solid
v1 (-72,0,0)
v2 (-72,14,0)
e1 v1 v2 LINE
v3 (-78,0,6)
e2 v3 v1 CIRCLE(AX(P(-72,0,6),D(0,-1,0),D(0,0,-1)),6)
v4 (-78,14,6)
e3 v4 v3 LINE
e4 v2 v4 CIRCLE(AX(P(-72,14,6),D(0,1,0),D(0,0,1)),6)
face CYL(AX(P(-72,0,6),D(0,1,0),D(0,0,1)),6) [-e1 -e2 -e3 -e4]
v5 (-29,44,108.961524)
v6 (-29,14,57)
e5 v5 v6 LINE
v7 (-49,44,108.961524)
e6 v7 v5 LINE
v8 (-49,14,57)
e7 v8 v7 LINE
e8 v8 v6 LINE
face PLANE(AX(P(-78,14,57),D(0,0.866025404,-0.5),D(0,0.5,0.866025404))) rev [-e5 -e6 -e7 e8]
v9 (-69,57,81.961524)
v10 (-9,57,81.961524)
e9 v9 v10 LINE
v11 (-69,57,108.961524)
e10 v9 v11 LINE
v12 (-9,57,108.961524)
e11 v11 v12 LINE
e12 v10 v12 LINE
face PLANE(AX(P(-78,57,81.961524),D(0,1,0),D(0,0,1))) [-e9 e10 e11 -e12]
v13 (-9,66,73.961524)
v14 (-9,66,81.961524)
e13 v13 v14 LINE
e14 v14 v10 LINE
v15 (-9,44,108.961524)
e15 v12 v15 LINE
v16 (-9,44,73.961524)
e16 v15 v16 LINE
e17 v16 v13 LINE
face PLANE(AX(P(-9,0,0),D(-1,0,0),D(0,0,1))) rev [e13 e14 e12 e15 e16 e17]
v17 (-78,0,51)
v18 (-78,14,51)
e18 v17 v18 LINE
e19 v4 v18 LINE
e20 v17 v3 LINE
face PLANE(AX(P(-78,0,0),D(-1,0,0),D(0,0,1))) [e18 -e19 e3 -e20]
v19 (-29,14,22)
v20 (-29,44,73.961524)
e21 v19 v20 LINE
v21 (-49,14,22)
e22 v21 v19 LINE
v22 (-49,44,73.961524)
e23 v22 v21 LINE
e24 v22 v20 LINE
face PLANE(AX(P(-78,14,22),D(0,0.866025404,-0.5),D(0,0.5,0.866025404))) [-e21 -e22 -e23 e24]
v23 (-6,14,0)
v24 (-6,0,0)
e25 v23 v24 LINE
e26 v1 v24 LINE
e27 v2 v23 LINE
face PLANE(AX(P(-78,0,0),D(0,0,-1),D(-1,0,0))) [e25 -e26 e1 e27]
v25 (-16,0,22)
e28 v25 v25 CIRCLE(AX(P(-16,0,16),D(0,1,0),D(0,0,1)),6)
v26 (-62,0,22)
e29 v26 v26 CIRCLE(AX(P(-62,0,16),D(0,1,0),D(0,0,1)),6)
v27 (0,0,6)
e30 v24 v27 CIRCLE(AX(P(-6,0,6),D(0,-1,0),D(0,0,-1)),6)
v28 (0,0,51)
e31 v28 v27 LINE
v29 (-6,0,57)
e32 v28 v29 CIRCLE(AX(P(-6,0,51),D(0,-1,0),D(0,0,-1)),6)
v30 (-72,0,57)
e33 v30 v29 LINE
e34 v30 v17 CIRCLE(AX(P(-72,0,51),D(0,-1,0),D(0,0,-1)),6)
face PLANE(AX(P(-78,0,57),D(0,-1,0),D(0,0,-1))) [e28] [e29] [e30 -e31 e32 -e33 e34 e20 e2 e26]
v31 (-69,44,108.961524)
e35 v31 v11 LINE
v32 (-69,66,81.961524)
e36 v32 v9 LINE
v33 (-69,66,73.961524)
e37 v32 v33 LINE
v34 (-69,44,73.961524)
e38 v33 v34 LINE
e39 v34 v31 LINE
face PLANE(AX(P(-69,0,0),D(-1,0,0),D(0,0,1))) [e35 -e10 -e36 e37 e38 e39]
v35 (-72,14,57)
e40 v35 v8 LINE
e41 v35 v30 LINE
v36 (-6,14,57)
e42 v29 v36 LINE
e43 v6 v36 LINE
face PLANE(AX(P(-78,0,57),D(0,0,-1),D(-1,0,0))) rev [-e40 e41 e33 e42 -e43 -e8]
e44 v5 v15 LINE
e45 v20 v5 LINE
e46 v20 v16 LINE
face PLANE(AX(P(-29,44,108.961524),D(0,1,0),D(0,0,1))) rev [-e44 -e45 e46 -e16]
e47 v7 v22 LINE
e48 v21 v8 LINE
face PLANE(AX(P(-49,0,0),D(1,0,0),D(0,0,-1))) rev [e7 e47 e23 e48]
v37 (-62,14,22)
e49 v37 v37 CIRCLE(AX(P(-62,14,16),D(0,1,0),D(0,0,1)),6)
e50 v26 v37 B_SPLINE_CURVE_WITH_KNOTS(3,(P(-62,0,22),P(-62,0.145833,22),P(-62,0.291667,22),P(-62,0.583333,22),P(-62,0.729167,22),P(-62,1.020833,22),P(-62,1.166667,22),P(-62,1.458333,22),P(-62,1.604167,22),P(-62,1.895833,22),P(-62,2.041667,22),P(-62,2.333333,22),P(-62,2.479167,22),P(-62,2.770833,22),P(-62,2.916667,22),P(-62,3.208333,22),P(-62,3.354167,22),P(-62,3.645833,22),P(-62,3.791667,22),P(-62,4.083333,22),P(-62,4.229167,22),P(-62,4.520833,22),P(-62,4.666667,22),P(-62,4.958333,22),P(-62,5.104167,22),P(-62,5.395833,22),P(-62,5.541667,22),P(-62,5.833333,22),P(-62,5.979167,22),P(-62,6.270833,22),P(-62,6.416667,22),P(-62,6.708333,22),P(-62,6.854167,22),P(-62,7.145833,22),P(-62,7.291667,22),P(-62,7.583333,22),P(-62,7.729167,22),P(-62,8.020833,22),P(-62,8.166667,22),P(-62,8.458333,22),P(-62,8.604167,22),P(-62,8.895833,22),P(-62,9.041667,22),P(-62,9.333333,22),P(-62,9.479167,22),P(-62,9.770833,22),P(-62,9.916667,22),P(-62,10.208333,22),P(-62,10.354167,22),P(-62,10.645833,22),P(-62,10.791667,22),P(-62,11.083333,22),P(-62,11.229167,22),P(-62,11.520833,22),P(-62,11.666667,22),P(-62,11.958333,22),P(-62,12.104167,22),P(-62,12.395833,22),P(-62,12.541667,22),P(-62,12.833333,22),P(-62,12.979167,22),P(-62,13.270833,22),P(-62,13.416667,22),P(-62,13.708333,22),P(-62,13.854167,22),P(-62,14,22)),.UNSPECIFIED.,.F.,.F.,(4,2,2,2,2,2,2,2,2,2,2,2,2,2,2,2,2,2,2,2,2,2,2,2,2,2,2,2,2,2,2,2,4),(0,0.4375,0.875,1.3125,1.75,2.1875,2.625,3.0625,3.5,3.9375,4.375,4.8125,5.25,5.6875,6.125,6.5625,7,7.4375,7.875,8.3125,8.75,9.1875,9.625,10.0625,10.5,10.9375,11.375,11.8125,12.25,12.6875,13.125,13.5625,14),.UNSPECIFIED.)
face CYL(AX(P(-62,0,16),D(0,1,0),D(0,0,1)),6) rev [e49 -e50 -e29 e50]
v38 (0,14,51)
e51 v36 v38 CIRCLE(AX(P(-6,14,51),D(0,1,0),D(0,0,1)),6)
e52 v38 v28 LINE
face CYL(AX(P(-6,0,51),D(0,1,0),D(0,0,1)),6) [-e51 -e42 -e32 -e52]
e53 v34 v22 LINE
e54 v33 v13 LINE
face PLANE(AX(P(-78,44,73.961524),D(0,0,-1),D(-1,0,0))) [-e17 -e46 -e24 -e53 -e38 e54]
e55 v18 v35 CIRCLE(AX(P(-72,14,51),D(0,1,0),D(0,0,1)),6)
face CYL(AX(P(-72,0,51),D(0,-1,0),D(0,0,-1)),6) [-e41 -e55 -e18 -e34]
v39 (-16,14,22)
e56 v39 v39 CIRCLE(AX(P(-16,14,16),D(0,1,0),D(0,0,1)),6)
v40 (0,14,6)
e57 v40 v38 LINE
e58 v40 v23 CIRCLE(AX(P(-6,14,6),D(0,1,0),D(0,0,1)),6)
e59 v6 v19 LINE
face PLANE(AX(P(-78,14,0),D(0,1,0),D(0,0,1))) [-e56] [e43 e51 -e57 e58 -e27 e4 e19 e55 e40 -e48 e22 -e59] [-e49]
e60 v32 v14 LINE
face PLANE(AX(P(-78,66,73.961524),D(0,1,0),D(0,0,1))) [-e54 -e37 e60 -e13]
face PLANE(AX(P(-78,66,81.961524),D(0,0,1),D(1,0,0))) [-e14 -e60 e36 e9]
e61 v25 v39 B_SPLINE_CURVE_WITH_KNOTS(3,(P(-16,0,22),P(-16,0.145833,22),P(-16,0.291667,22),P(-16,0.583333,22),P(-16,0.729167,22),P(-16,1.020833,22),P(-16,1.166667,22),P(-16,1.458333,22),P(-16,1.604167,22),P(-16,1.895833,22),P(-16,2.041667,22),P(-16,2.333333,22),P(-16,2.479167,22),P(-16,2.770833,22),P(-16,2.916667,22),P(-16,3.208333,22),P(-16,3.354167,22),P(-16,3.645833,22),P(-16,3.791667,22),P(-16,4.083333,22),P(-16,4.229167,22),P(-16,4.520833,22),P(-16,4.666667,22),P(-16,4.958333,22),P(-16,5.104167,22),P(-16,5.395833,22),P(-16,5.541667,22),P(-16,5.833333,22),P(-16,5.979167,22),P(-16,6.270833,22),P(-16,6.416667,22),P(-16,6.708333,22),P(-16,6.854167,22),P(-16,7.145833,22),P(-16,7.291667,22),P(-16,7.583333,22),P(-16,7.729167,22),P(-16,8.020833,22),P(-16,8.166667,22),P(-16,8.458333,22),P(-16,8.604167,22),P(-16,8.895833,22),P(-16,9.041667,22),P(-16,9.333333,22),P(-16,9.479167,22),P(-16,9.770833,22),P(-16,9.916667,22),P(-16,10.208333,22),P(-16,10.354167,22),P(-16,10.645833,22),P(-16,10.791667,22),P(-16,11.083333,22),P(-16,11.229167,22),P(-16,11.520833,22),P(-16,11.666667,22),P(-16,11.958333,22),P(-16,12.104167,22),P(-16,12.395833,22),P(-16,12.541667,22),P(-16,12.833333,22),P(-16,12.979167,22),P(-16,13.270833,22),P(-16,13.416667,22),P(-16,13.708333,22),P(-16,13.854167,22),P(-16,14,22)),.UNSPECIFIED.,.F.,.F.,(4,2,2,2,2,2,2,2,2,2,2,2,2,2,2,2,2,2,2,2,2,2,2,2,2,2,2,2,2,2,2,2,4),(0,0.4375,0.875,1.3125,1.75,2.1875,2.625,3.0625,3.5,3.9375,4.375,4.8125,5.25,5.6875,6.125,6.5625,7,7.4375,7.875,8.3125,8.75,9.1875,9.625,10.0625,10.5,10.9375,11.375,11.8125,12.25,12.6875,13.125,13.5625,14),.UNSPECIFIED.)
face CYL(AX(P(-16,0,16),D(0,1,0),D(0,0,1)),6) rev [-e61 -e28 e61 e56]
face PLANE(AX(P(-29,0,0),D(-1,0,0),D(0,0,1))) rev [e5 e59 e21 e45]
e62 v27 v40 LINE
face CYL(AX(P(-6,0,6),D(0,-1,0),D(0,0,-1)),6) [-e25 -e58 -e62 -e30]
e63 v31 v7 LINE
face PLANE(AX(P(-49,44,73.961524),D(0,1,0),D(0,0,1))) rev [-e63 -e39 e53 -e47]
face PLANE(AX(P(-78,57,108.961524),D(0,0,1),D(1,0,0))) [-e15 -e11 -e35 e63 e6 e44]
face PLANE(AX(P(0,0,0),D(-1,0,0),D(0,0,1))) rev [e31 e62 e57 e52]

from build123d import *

# Parameters (mm, degrees)
ESTRUSIONE_ESTRUSIONE1_DEPTH = 78
TAGLIO_ESTRUSIONE1_DEPTH     = 29
TAGLIO_ESTRUSIONE2_DEPTH     = 29
SCHIZZO4_W                   = 35
SCHIZZO4_H                   = 22
TAGLIO_ESTRUSIONE3_DEPTH     = 9
SCHIZZO5_W                   = 35
SCHIZZO5_H                   = 22
TAGLIO_ESTRUSIONE4_DEPTH     = 9
SCHIZZO6_R                   = 6
TAGLIO_ESTRUSIONE5_DEPTH     = 144.738003889
RACCORDO1_R                  = 6


with BuildPart() as part:
    # Schizzo1 → Estrusione-Estrusione1 (new body)
    with BuildSketch(Plane(origin=(0, 0, 0), x_dir=(0, 0, -1), z_dir=(1, 0, 0))):
        Polygon((-57, 0), (0, 0), (0, 14), (-22, 14), (-73.961524227, 44), (-73.961524227, 66), (-81.961524227, 66), (-81.961524227, 57), (-108.961524227, 57), (-108.961524227, 44), (-57, 14), align=None)
    extrude(amount=-ESTRUSIONE_ESTRUSIONE1_DEPTH)

    # Schizzo2 → Taglio-Estrusione1 (cut)
    with BuildSketch(Plane(origin=(0, 0, 0), x_dir=(0, 0, -1), z_dir=(1, 0, 0))):
        Polygon((-22, 14), (-57, 14), (-108.961524227, 44), (-73.961524227, 44), align=None)
    extrude(amount=-TAGLIO_ESTRUSIONE1_DEPTH, mode=Mode.SUBTRACT)

    # Schizzo3 → Taglio-Estrusione2 (cut)
    with BuildSketch(Plane.ZY.offset(78)):
        Polygon((57, 14), (22, 14), (73.961524227, 44), (108.961524227, 44), align=None)
    extrude(amount=-TAGLIO_ESTRUSIONE2_DEPTH, mode=Mode.SUBTRACT)

    # Schizzo4 → Taglio-Estrusione3 (cut)
    with BuildSketch(Plane.ZY.offset(78)):
        with Locations((91.461524227, 55)):
            Rectangle(SCHIZZO4_W, SCHIZZO4_H)
    extrude(amount=-TAGLIO_ESTRUSIONE3_DEPTH, mode=Mode.SUBTRACT)

    # Schizzo5 → Taglio-Estrusione4 (cut)
    with BuildSketch(Plane(origin=(0, 0, 0), x_dir=(0, 0, -1), z_dir=(1, 0, 0))):
        with Locations((-91.461524227, 55)):
            Rectangle(SCHIZZO5_W, SCHIZZO5_H)
    extrude(amount=-TAGLIO_ESTRUSIONE4_DEPTH, mode=Mode.SUBTRACT)

    # Schizzo6 → Taglio-Estrusione5 (cut, through all)
    with BuildSketch(Plane(origin=(0, 14, 0), x_dir=(1, 0, 0), z_dir=(0, 1, 0))):
        with Locations(Location((-16, -16, 0), (0, 0, 270))):
            Circle(SCHIZZO6_R)
        with Locations(Location((-62, -16, 0), (0, 0, 270))):
            Circle(SCHIZZO6_R)
    extrude(amount=-TAGLIO_ESTRUSIONE5_DEPTH, mode=Mode.SUBTRACT)

    # Raccordo1
    raccordo1_edges = [part.edges().sort_by_distance(p)[0] for p in [
        (0, 7, 0),
        (0, 7, 57),
        (-78, 7, 57),
        (-78, 7, 0),
    ]]
    fillet(raccordo1_edges, radius=RACCORDO1_R)


solid = part.part
